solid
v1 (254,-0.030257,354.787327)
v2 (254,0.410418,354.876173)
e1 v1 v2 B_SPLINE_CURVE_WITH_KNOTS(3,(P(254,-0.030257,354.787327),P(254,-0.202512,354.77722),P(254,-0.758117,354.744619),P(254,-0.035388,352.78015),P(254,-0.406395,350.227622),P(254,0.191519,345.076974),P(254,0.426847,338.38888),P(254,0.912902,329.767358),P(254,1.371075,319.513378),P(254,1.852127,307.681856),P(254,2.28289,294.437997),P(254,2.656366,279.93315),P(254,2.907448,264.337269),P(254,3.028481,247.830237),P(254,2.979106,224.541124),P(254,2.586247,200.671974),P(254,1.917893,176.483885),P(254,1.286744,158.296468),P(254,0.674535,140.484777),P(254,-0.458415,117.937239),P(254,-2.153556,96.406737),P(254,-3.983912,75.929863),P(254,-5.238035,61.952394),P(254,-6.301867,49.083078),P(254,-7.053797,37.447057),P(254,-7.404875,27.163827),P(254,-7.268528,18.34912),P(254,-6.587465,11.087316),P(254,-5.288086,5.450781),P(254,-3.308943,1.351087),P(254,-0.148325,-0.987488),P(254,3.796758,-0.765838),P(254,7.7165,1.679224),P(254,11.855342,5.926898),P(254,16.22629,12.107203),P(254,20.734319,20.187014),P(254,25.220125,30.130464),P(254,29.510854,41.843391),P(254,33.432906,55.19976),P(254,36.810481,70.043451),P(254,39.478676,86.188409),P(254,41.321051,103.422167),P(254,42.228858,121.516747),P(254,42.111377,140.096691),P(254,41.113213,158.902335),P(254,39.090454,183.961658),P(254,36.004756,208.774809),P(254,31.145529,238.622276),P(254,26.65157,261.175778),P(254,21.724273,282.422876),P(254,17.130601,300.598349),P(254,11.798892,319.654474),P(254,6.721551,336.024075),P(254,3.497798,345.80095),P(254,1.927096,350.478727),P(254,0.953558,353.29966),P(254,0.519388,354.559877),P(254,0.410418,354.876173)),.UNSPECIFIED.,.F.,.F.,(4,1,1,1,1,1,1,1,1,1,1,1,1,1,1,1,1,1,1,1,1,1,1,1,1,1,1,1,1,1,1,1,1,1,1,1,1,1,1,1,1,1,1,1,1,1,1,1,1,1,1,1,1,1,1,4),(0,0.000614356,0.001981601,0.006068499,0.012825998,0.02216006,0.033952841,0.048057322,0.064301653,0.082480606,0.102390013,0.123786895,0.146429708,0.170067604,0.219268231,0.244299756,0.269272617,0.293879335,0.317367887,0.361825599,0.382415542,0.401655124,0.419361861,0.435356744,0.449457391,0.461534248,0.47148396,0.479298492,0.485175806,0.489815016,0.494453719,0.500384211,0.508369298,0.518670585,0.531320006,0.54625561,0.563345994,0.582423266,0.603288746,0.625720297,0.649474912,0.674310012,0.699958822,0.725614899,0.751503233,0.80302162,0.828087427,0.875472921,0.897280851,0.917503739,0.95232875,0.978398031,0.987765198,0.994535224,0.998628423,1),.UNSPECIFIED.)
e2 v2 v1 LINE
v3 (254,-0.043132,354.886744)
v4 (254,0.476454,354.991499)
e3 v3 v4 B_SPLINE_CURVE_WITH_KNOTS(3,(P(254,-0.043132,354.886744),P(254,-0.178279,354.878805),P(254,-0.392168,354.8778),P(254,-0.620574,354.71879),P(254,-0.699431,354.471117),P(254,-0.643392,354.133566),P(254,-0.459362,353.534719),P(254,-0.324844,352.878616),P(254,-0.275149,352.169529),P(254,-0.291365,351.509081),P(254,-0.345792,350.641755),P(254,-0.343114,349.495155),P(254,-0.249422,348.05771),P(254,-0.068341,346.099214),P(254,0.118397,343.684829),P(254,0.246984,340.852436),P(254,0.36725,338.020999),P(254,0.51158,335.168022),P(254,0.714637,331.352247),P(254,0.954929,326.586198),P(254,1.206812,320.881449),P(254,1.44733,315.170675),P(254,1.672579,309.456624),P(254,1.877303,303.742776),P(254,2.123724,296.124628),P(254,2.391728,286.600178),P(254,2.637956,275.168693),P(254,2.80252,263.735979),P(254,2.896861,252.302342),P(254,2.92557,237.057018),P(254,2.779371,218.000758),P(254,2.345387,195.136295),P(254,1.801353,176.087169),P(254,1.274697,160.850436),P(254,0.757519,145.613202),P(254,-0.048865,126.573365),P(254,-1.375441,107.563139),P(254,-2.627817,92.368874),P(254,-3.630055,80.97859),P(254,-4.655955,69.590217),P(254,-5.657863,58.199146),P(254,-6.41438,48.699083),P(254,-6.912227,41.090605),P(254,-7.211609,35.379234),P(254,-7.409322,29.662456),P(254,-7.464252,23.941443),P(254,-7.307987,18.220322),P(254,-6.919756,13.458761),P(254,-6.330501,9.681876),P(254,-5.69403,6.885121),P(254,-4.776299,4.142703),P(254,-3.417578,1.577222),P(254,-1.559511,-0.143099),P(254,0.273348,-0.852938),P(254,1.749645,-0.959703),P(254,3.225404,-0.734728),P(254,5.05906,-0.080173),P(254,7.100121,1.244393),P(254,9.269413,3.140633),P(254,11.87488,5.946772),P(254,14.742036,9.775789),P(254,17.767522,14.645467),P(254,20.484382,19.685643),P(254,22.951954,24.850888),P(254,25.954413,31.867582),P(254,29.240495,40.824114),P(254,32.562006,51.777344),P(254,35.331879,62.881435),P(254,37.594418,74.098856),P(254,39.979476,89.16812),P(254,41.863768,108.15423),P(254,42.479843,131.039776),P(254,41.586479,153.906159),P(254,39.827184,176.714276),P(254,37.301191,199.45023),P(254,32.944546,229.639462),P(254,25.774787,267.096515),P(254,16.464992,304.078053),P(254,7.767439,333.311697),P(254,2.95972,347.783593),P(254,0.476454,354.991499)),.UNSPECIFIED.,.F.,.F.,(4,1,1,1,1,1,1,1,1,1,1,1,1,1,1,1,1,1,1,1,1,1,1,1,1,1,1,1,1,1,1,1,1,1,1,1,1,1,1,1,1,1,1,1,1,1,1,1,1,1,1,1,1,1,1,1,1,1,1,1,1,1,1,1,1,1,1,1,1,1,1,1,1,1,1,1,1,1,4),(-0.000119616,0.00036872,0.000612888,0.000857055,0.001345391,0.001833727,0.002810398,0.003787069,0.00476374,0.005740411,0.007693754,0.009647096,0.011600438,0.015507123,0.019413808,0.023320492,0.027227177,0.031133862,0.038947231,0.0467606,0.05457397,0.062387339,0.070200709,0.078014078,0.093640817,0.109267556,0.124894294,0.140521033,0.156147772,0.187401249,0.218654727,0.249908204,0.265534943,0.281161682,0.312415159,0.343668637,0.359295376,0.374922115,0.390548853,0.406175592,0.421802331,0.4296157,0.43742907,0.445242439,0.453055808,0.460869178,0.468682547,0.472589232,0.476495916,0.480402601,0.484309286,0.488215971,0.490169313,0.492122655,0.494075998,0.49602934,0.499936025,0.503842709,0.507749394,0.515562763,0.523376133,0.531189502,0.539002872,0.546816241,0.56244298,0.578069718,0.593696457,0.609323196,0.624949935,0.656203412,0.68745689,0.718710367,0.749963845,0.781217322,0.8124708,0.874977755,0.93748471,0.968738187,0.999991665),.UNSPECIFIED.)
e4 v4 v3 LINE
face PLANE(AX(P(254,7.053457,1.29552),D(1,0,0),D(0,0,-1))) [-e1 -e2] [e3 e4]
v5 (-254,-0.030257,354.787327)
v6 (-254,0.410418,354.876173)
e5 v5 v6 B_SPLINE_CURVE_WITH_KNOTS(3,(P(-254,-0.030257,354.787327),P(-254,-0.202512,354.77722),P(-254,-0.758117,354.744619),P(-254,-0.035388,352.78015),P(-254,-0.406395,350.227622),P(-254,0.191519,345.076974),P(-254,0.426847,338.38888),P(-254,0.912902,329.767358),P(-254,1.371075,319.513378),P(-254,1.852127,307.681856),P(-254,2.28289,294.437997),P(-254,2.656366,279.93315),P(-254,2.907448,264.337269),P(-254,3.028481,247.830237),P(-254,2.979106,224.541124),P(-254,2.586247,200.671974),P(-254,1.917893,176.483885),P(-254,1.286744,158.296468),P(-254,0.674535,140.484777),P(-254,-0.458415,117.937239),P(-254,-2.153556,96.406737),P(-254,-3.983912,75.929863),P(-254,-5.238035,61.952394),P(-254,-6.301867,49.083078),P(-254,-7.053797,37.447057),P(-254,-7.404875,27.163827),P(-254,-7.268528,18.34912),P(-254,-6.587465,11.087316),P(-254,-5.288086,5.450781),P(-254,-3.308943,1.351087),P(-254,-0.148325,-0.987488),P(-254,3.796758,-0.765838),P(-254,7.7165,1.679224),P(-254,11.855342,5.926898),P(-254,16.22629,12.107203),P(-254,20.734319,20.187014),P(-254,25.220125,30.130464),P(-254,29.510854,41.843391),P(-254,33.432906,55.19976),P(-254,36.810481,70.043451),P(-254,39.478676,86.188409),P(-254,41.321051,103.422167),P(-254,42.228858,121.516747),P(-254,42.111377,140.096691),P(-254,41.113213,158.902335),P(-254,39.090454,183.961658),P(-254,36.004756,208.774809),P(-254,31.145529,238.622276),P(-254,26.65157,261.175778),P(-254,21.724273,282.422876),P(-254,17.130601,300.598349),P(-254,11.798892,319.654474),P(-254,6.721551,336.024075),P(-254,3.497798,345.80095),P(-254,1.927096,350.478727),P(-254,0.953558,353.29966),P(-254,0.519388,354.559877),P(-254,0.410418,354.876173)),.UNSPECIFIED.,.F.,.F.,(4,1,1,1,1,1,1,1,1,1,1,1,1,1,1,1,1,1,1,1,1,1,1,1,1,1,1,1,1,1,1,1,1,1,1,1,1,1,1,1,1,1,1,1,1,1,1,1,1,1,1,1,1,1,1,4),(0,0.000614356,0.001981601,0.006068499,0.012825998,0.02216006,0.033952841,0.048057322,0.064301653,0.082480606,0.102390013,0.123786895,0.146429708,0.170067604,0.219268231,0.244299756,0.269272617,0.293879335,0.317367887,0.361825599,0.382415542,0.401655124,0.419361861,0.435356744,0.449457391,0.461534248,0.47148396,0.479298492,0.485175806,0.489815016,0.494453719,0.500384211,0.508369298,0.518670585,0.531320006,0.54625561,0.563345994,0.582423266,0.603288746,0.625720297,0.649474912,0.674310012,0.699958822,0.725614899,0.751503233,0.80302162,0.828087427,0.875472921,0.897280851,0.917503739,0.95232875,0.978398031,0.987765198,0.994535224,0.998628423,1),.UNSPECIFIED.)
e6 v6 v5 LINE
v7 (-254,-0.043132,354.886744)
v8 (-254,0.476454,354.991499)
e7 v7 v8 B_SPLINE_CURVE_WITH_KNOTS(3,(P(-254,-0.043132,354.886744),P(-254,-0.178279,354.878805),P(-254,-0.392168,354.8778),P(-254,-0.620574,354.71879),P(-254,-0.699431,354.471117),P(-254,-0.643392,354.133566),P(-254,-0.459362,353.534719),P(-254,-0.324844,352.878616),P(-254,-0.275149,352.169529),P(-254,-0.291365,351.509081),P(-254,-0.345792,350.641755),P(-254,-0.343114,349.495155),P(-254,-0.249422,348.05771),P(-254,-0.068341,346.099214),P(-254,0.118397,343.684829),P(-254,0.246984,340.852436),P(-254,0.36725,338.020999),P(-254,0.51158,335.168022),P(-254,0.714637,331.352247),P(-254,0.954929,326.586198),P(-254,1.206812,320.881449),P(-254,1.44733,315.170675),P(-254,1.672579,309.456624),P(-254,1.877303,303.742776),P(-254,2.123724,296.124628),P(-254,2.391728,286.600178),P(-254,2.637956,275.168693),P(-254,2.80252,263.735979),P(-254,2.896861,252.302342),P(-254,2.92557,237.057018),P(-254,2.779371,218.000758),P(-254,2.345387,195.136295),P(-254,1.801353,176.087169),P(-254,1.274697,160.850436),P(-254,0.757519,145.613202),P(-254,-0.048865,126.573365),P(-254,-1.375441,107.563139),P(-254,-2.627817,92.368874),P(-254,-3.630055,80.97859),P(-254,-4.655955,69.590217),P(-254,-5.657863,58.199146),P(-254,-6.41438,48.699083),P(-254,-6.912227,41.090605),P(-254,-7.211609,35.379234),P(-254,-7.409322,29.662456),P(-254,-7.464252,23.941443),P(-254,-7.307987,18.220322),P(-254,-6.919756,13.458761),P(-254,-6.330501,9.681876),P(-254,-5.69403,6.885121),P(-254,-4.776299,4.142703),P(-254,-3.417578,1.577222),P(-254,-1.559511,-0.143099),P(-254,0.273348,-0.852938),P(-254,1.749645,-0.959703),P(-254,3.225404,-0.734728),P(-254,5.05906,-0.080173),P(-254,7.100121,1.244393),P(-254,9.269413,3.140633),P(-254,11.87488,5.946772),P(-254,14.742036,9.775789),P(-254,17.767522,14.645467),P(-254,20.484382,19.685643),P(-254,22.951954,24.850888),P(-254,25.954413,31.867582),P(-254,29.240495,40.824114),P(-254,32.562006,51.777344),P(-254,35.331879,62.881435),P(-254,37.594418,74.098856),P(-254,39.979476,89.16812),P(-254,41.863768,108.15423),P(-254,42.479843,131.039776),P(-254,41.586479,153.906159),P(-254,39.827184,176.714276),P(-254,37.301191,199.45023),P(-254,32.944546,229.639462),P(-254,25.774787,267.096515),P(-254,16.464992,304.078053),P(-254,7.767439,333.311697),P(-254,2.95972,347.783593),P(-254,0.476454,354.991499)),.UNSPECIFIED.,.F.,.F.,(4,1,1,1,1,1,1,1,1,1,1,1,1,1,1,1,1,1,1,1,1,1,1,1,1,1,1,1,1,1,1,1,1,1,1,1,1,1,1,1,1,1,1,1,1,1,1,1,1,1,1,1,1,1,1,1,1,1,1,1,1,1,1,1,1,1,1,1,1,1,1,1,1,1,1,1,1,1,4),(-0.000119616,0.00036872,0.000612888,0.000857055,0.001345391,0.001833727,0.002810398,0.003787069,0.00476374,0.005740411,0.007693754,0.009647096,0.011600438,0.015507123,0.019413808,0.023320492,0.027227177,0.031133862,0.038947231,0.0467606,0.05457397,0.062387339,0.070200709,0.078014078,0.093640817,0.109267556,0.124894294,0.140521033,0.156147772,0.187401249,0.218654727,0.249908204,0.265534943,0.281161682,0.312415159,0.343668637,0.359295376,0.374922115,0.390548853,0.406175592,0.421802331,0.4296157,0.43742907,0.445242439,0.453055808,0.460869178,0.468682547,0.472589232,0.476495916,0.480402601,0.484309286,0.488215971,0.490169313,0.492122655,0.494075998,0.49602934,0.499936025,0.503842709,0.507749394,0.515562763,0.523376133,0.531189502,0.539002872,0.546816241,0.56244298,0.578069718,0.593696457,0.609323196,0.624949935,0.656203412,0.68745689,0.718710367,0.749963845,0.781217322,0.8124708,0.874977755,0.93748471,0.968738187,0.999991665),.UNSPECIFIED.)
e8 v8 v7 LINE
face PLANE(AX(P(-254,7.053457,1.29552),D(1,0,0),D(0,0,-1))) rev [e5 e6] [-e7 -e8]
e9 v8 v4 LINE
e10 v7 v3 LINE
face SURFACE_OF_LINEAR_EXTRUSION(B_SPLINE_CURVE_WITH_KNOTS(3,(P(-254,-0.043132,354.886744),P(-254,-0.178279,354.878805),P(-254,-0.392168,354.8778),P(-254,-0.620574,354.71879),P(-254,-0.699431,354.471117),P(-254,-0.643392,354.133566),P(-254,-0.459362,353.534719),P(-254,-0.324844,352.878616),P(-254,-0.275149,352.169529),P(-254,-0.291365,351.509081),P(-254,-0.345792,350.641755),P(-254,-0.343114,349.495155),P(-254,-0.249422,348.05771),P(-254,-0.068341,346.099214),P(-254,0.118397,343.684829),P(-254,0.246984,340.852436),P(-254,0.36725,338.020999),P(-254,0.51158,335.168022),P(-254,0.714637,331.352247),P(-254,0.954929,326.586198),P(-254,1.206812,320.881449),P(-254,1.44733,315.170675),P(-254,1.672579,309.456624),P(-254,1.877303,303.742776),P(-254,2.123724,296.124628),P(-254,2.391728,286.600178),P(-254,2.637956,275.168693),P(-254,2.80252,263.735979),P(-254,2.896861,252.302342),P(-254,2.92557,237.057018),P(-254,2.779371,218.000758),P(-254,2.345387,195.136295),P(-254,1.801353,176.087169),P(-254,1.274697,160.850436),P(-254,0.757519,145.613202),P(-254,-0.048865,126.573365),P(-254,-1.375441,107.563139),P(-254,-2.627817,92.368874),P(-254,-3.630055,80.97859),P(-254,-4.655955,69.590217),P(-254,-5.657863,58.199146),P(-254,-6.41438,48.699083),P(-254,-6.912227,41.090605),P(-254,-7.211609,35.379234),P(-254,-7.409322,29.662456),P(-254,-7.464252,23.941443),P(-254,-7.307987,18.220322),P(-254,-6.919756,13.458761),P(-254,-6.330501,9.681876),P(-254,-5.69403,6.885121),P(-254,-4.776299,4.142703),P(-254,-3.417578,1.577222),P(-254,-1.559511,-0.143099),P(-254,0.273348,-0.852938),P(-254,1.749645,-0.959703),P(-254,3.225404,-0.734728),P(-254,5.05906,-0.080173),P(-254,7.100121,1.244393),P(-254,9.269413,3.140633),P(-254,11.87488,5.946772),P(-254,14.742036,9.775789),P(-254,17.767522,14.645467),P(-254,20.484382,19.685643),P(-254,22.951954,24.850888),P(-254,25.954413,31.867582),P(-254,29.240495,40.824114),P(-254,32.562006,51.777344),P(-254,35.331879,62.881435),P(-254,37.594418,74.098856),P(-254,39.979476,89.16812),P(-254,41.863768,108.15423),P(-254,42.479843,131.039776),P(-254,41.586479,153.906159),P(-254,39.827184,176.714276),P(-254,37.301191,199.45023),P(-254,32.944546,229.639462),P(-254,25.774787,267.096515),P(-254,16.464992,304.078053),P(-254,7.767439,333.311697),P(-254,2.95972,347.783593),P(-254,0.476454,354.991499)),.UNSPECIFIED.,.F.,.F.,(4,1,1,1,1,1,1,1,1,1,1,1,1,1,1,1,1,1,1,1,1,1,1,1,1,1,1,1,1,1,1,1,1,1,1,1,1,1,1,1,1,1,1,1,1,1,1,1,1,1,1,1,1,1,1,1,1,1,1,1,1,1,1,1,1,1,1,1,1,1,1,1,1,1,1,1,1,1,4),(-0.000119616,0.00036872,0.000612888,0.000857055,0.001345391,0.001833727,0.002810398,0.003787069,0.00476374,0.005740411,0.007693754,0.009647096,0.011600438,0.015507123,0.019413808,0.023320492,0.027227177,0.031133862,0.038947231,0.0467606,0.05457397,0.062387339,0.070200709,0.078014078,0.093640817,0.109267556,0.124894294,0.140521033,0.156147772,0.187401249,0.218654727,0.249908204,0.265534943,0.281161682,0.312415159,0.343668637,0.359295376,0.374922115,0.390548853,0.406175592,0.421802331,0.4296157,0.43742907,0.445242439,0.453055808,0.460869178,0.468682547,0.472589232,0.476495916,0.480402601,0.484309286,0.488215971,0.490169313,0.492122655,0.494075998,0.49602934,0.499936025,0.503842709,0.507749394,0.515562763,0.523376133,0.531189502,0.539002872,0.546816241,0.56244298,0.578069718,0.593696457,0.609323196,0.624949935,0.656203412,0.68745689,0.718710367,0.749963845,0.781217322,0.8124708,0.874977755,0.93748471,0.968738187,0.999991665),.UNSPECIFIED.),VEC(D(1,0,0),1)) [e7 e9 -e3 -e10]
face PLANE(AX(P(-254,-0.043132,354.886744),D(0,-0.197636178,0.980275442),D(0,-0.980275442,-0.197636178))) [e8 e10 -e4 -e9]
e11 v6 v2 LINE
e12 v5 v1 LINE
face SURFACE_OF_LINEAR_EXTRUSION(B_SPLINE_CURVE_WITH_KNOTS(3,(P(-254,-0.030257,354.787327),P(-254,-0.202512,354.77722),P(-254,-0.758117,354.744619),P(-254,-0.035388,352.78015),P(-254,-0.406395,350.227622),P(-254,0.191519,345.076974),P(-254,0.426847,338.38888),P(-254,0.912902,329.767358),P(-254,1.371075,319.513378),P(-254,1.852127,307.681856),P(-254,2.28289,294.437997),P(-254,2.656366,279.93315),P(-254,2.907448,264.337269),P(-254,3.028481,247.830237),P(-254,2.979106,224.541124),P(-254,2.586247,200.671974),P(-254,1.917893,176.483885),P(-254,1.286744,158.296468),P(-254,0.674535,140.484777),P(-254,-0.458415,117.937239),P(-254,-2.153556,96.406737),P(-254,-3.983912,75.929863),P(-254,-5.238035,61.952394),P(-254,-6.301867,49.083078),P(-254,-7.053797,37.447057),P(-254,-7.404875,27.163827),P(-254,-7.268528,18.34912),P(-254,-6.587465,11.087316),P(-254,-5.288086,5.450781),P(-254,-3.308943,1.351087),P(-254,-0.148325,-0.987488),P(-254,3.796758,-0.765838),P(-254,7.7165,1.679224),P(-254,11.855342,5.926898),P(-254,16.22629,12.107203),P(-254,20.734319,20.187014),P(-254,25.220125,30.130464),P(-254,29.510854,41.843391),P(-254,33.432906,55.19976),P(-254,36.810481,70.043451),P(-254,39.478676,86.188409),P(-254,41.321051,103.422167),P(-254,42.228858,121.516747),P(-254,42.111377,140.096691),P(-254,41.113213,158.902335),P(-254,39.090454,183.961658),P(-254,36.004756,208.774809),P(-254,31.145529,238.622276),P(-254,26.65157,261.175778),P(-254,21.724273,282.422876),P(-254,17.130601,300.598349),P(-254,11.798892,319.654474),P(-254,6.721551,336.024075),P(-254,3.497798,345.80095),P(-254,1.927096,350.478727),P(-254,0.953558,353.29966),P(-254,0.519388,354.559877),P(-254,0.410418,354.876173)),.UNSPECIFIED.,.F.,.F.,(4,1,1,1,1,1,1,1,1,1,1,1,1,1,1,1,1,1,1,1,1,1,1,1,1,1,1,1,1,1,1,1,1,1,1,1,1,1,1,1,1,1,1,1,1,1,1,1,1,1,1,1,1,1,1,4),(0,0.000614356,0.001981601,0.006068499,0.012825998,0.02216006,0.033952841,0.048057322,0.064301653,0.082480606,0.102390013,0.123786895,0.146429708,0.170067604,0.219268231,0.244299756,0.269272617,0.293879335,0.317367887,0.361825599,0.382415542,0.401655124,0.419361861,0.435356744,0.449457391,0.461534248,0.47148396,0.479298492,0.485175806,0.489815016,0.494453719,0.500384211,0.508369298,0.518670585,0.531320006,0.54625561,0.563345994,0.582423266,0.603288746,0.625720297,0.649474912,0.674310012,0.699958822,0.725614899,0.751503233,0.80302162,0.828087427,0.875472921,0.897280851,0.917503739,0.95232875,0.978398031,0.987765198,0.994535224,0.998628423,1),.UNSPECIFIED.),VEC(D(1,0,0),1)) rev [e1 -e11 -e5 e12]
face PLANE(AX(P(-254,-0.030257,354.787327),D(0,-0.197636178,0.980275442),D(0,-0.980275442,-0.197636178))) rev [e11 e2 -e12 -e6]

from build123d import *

# Parameters (mm, degrees)
BOSS_EXTRUDE1_DEPTH      = 254
BOSS_EXTRUDE1_DEPTH_BACK = 254


with BuildPart() as part:
    # Sketch1 → Boss-Extrude1 (new, two sides: drawn at the far end of the back side and taken through both)
    with BuildSketch(Plane(origin=(0, 0, 0), x_dir=(0, 0, -1), z_dir=(1, 0, 0)).offset(-BOSS_EXTRUDE1_DEPTH_BACK)):
        with BuildLine():
            Line((-354.886743617, -0.043132144), (-354.99149892, 0.476454159))
            add(Edge.make_bspline(
                [(-354.99149892, 0.476454159), (-347.783593071, 2.959720022), (-333.311697469, 7.76743875), (-304.078052973, 16.464991966), (-267.096515494, 25.774786648), (-229.639462396, 32.944545613), (-199.450230249, 37.301190717), (-176.714275569, 39.827183694), (-153.906158518, 41.58647891), (-131.03977612, 42.479842921), (-108.154229955, 41.863767742), (-89.168120213, 39.979475533), (-74.098856377, 37.594417698), (-62.881435173, 35.331879377), (-51.7773445, 32.562006126), (-40.824113666, 29.240494899), (-31.867581604, 25.954413067), (-24.850887862, 22.951954032), (-19.685642534, 20.484382266), (-14.645467459, 17.767522296), (-9.77578942, 14.742035882), (-5.946772155, 11.874879811), (-3.140632771, 9.269412602), (-1.24439325, 7.100121216), (0.080172615, 5.059059621), (0.734728016, 3.225404373), (0.959702576, 1.749644514), (0.852938138, 0.273348057), (0.143098613, -1.559511436), (-1.577222389, -3.417578203), (-4.142703198, -4.776298794), (-6.885121223, -5.694029747), (-9.681876117, -6.330501065), (-13.458760778, -6.919755633), (-18.220322024, -7.307987073), (-23.94144297, -7.464251794), (-29.662456321, -7.409321836), (-35.379234273, -7.211608771), (-41.090605222, -6.912227315), (-48.699082932, -6.414379812), (-58.199146289, -5.657863194), (-69.590216516, -4.65595538), (-80.978589908, -3.630054837), (-92.368874257, -2.627816782), (-107.56313892, -1.375441372), (-126.573365315, -0.048864739), (-145.613201917, 0.757519293), (-160.850436225, 1.274697119), (-176.087168981, 1.801353096), (-195.136294848, 2.345387362), (-218.000758012, 2.779371126), (-237.05701774, 2.925569666), (-252.302341579, 2.896860798), (-263.73597927, 2.802520029), (-275.168693373, 2.637956293), (-286.600178358, 2.391728354), (-296.124627961, 2.123723762), (-303.742775876, 1.877302738), (-309.456624125, 1.672578754), (-315.170675094, 1.447330006), (-320.881449306, 1.206811952), (-326.586197896, 0.954928725), (-331.352247356, 0.714636978), (-335.168021523, 0.511580202), (-338.020999346, 0.36724993), (-340.852436227, 0.246984365), (-343.684829351, 0.118397327), (-346.099213672, -0.068340914), (-348.057709576, -0.249421829), (-349.49515544, -0.343114156), (-350.641754644, -0.345792204), (-351.509080841, -0.291364997), (-352.169529456, -0.275148661), (-352.878616179, -0.32484418), (-353.534718925, -0.45936157), (-354.133565705, -0.643391605), (-354.471117086, -0.699431405), (-354.718790465, -0.620573956), (-354.877800433, -0.392167923), (-354.878804645, -0.178279335), (-354.886743617, -0.043132144)],
                knots=[-0.000119616, -0.000119616, -0.000119616, -0.000119616, 0.031133862, 0.062387339, 0.124894294, 0.187401249, 0.218654727, 0.249908204, 0.281161682, 0.312415159, 0.343668637, 0.374922115, 0.390548853, 0.406175592, 0.421802331, 0.43742907, 0.453055808, 0.460869178, 0.468682547, 0.476495916, 0.484309286, 0.492122655, 0.49602934, 0.499936025, 0.503842709, 0.505796052, 0.507749394, 0.509702736, 0.511656079, 0.515562763, 0.519469448, 0.523376133, 0.527282817, 0.531189502, 0.539002872, 0.546816241, 0.55462961, 0.56244298, 0.570256349, 0.578069718, 0.593696457, 0.609323196, 0.624949935, 0.640576673, 0.656203412, 0.68745689, 0.718710367, 0.734337106, 0.749963845, 0.781217322, 0.8124708, 0.843724277, 0.859351016, 0.874977755, 0.890604494, 0.906231232, 0.921857971, 0.929671341, 0.93748471, 0.945298079, 0.953111449, 0.960924818, 0.968738187, 0.972644872, 0.976551557, 0.980458242, 0.984364926, 0.988271611, 0.990224953, 0.992178296, 0.994131638, 0.995108309, 0.99608498, 0.997061652, 0.998038323, 0.998526658, 0.999014994, 0.999259162, 0.999503329, 0.999991665, 0.999991665, 0.999991665, 0.999991665], degree=3))
        make_face()
        with BuildLine():
            Line((-354.787327228, -0.030257196), (-354.876173011, 0.410417887))
            add(Edge.make_bspline(
                [(-354.876173011, 0.410417887), (-354.559877309, 0.519388), (-353.29965963, 0.95355787), (-350.47872665, 1.927095868), (-345.800950265, 3.497798274), (-336.024074692, 6.721551148), (-319.654473712, 11.798891927), (-300.598349456, 17.130600639), (-282.422876264, 21.724272526), (-261.175777938, 26.651569731), (-238.622276389, 31.145528798), (-208.774809213, 36.004755717), (-183.96165787, 39.090454058), (-158.902335219, 41.113212891), (-140.096691022, 42.111376668), (-121.516747473, 42.228858195), (-103.422167262, 41.321050632), (-86.188408528, 39.478676181), (-70.043450957, 36.810480574), (-55.199760436, 33.432905997), (-41.843390777, 29.510854383), (-30.130463623, 25.220125297), (-20.187014188, 20.73431935), (-12.107203154, 16.226289935), (-5.926897661, 11.855341958), (-1.679224073, 7.716499794), (0.765838065, 3.796757813), (0.987487677, -0.148325216), (-1.35108726, -3.308943186), (-5.450780885, -5.288085739), (-11.087315968, -6.587464624), (-18.34911979, -7.268527656), (-27.163826626, -7.404874951), (-37.447057223, -7.053797092), (-49.083078017, -6.301866785), (-61.95239395, -5.238034817), (-75.929862643, -3.983911698), (-96.406736552, -2.153555858), (-117.937239158, -0.458414508), (-140.484776897, 0.674535203), (-158.296467959, 1.286744043), (-176.48388462, 1.917893193), (-200.671973719, 2.586246563), (-224.541124114, 2.979106232), (-247.830237405, 3.028480659), (-264.337268621, 2.907447598), (-279.933149694, 2.656365926), (-294.437996632, 2.282890374), (-307.681856469, 1.852126627), (-319.513378006, 1.371074809), (-329.767358246, 0.912902227), (-338.388880463, 0.426846955), (-345.076973543, 0.191518705), (-350.227621538, -0.406394891), (-352.780150329, -0.035387827), (-354.744619464, -0.75811662), (-354.777220059, -0.20251155), (-354.787327228, -0.030257196)],
                knots=[0, 0, 0, 0, 0.001371577, 0.005464776, 0.012234802, 0.021601969, 0.04767125, 0.082496261, 0.102719149, 0.124527079, 0.171912573, 0.19697838, 0.248496767, 0.274385101, 0.300041178, 0.325689988, 0.350525088, 0.374279703, 0.396711254, 0.417576734, 0.436654006, 0.45374439, 0.468679994, 0.481329415, 0.491630702, 0.499615789, 0.505546281, 0.510184984, 0.514824194, 0.520701508, 0.52851604, 0.538465752, 0.550542609, 0.564643256, 0.580638139, 0.598344876, 0.617584458, 0.638174401, 0.682632113, 0.706120665, 0.730727383, 0.755700244, 0.780731769, 0.829932396, 0.853570292, 0.876213105, 0.897609987, 0.917519394, 0.935698347, 0.951942678, 0.966047159, 0.97783994, 0.987174002, 0.993931501, 0.998018399, 0.999385644, 1, 1, 1, 1], degree=3))
        make_face(mode=Mode.SUBTRACT)
    extrude(amount=BOSS_EXTRUDE1_DEPTH + BOSS_EXTRUDE1_DEPTH_BACK)


solid = part.part
